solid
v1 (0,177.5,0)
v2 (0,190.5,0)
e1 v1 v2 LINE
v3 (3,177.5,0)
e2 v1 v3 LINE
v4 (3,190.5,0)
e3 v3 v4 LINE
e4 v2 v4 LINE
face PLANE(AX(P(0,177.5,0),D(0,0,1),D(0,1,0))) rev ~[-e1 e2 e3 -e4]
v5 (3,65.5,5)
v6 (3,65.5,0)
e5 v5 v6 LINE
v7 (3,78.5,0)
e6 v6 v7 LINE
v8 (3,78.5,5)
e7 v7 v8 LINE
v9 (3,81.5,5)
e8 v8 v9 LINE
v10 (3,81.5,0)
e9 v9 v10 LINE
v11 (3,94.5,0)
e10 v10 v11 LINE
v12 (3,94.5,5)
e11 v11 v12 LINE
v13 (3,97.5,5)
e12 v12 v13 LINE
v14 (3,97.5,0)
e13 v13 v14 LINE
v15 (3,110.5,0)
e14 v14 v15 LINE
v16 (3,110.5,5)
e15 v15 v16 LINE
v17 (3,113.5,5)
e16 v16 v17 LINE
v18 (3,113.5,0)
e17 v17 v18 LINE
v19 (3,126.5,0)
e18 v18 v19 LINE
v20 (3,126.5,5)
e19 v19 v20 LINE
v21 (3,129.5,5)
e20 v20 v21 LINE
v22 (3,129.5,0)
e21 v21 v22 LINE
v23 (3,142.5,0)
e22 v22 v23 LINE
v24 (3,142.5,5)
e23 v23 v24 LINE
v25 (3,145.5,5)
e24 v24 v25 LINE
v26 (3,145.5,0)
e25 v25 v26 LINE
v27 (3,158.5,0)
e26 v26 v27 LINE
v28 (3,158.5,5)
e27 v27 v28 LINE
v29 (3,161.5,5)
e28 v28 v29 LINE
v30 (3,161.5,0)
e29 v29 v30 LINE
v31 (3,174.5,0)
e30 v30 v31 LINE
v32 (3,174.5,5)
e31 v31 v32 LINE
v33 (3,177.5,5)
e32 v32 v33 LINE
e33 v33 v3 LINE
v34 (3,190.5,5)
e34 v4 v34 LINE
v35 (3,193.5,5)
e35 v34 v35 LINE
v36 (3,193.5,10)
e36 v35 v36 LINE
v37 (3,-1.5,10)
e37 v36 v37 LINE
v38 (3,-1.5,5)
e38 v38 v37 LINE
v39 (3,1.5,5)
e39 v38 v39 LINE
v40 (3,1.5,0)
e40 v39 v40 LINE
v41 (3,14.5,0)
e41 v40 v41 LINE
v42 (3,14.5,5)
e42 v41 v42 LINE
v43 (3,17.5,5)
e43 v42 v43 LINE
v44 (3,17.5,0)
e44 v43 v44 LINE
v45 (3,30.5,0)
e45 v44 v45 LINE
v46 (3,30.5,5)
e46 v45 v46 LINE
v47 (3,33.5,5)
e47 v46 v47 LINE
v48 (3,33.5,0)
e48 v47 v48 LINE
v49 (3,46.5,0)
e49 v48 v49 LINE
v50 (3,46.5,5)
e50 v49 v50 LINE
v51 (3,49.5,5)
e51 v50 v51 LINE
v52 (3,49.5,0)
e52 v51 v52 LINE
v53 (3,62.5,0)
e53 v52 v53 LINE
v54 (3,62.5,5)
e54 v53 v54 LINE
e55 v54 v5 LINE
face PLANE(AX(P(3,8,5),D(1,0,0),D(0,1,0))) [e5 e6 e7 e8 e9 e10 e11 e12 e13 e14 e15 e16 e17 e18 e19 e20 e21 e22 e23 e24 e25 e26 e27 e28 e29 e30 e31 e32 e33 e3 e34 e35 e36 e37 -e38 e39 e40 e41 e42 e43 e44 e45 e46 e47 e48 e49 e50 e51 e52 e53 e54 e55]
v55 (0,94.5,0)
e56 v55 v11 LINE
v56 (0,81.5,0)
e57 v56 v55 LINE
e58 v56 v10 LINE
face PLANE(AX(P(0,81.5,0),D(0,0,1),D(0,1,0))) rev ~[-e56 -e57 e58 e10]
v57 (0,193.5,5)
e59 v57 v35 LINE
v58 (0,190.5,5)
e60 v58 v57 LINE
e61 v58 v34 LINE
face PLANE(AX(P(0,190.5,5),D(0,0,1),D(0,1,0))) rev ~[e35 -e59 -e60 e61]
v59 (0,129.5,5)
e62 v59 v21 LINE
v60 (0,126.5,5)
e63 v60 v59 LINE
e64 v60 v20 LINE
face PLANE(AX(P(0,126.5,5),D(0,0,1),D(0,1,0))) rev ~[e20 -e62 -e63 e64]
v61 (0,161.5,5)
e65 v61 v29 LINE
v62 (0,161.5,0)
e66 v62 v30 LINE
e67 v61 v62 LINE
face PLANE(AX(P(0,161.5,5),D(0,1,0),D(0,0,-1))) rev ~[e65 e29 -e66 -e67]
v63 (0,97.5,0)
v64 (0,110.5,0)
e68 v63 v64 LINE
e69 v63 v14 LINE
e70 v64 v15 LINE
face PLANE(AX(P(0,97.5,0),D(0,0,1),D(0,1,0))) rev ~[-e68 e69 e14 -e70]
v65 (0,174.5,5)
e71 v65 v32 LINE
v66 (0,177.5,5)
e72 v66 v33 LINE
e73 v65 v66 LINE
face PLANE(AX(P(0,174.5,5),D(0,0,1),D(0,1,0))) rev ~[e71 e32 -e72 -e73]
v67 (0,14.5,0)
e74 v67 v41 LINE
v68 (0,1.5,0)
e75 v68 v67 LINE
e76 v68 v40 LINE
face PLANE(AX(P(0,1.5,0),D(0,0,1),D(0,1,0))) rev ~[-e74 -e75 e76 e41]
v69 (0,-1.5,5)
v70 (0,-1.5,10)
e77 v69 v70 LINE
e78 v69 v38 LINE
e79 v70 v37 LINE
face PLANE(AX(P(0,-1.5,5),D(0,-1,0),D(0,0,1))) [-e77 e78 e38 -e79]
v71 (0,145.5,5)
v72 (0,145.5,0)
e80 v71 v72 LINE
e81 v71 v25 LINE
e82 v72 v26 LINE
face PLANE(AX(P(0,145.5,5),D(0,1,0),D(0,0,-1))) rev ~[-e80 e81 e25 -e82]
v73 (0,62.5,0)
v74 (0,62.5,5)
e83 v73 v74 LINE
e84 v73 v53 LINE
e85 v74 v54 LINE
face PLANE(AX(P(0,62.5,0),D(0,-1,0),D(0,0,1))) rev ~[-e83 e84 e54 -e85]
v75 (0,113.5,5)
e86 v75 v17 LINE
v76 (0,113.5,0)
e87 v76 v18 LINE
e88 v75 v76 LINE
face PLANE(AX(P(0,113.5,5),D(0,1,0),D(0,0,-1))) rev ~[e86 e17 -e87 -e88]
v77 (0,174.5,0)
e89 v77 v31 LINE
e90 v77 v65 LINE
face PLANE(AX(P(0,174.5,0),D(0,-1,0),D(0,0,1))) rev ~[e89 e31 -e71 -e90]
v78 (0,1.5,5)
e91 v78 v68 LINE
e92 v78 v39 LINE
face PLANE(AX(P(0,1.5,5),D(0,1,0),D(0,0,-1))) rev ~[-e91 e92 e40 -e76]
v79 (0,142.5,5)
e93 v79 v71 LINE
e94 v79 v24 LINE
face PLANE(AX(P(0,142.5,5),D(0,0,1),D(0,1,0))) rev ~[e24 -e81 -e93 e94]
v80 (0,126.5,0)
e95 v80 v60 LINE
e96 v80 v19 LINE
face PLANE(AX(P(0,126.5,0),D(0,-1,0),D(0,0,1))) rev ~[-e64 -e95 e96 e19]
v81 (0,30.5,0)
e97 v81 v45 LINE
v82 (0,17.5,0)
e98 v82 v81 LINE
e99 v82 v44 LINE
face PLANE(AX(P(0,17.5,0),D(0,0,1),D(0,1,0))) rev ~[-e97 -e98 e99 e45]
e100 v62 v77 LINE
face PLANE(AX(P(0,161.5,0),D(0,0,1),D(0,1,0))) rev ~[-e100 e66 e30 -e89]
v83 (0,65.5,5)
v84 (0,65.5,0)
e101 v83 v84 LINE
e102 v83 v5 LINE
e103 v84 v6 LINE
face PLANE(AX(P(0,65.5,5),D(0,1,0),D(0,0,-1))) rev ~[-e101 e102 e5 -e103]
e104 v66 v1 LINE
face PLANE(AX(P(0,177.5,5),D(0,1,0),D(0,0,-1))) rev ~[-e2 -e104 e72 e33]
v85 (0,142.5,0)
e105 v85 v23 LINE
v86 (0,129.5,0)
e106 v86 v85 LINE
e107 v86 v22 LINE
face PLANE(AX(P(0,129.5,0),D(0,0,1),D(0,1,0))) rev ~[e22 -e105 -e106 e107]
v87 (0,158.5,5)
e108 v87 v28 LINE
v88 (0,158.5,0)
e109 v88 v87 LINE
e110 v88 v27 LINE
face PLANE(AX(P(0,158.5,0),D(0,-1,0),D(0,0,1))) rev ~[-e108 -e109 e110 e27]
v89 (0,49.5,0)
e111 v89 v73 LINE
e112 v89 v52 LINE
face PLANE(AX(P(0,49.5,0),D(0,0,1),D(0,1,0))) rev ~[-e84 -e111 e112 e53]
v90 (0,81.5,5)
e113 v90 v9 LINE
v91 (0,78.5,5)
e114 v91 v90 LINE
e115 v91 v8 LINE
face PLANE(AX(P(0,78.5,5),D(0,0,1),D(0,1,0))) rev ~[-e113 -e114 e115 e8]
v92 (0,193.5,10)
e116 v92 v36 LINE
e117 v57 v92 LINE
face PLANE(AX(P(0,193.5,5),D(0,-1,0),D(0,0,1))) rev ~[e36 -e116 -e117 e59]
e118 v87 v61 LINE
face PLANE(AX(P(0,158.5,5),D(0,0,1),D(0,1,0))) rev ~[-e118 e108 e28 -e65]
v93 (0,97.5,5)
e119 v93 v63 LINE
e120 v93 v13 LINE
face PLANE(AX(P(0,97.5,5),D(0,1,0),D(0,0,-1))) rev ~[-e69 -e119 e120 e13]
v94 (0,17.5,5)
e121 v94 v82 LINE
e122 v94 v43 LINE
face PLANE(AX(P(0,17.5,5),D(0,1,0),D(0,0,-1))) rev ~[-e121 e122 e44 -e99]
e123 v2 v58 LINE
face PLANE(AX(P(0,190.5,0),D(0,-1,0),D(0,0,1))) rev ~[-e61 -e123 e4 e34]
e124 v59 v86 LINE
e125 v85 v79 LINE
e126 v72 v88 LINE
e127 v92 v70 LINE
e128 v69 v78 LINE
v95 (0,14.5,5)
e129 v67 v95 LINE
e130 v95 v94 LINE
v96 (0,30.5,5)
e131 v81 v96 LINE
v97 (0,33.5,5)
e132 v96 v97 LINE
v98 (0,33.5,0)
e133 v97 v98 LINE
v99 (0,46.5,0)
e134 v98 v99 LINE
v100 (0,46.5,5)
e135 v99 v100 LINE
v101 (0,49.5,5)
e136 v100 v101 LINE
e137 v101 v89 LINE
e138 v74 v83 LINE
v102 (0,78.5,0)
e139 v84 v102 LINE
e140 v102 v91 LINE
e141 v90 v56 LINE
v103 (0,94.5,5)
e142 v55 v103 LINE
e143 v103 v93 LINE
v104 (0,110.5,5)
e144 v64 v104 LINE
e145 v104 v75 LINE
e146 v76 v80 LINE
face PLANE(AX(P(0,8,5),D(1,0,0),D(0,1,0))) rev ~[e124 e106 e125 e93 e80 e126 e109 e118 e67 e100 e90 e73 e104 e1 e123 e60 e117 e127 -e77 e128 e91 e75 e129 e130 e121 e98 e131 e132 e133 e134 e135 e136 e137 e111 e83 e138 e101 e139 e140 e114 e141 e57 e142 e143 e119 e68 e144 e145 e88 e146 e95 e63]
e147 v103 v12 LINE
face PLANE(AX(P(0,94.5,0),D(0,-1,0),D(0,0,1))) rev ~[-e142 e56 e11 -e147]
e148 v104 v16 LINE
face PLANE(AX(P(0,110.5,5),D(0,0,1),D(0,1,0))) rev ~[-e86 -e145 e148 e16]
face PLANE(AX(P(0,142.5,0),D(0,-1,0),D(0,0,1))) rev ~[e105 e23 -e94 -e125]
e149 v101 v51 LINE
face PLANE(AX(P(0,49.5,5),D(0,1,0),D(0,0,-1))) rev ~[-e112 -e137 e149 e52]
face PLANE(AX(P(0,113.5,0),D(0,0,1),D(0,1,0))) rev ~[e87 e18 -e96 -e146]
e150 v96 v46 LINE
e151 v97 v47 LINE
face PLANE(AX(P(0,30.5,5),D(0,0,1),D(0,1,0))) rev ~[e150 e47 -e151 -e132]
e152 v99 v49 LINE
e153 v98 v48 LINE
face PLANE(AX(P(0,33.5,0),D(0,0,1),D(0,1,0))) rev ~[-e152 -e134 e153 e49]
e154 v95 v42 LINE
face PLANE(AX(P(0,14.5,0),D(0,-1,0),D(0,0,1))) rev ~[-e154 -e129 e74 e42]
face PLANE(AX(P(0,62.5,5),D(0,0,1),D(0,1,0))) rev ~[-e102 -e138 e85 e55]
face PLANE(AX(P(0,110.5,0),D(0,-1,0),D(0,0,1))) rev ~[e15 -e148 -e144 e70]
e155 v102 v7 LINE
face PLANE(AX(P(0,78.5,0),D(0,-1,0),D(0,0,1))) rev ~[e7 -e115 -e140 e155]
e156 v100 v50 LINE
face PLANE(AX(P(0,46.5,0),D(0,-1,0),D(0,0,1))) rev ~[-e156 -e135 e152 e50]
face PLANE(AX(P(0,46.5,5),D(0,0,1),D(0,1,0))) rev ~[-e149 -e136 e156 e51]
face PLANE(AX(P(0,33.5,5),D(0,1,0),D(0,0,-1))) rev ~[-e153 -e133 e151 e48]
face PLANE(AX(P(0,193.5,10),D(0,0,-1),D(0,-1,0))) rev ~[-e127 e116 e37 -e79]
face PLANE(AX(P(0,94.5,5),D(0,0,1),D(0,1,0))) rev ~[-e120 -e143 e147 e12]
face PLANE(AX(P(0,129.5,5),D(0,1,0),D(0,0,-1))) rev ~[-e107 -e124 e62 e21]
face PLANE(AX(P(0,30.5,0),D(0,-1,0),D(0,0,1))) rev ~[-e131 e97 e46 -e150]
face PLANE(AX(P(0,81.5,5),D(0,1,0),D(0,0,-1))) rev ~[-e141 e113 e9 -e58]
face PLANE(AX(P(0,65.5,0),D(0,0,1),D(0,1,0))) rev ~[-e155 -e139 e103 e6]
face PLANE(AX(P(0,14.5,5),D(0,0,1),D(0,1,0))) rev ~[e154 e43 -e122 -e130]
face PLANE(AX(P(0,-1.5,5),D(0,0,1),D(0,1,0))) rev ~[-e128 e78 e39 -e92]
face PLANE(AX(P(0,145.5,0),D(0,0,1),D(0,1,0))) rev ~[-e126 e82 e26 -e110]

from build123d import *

# Parameters (mm, degrees)
F0_W     = 1.5
F0_H     = 5
F0_W_2   = 3
F1_DEPTH = 3


with BuildPart() as f1:
    # F0 (on Right) → F1 (new body)
    with BuildSketch(Plane.YZ):
        Polygon((1.5, 5), (1.5, 0), (11.5, 0), (14.5, 0), (14.5, 5), (14.5, 10), (11.5, 10), (1.5, 10), align=None)
        Polygon((17.5, 5), (17.5, 0), (20.5, 0), (30.5, 0), (30.5, 5), (30.5, 10), (20.5, 10), (17.5, 10), align=None)
        with Locations((0.75, 7.5)):
            Rectangle(F0_W, F0_H)
        with Locations((-0.75, 7.5)):
            Rectangle(F0_W, F0_H)
        with Locations((16, 7.5)):
            Rectangle(F0_W_2, F0_H)
        with Locations((32, 7.5)):
            Rectangle(F0_W_2, F0_H)
        with Locations((48, 7.5)):
            Rectangle(F0_W_2, F0_H)
        with Locations((64, 7.5)):
            Rectangle(F0_W_2, F0_H)
        with Locations((80, 7.5)):
            Rectangle(F0_W_2, F0_H)
        with Locations((95.25, 7.5)):
            Rectangle(F0_W, F0_H)
        with Locations((96.75, 7.5)):
            Rectangle(F0_W, F0_H)
        with Locations((112, 7.5)):
            Rectangle(F0_W_2, F0_H)
        with Locations((128, 7.5)):
            Rectangle(F0_W_2, F0_H)
        with Locations((144, 7.5)):
            Rectangle(F0_W_2, F0_H)
        with Locations((160, 7.5)):
            Rectangle(F0_W_2, F0_H)
        with Locations((176, 7.5)):
            Rectangle(F0_W_2, F0_H)
        with Locations((191.25, 7.5)):
            Rectangle(F0_W, F0_H)
        with Locations((192.75, 7.5)):
            Rectangle(F0_W, F0_H)
        Polygon((33.5, 5), (33.5, 0), (43.5, 0), (46.5, 0), (46.5, 5), (46.5, 10), (33.5, 10), align=None)
        Polygon((49.5, 5), (49.5, 0), (52.5, 0), (62.5, 0), (62.5, 5), (62.5, 10), (49.5, 10), align=None)
        Polygon((78.5, 10), (65.5, 10), (65.5, 5), (65.5, 0), (75.5, 0), (78.5, 0), (78.5, 5), align=None)
        Polygon((94.5, 10), (81.5, 10), (81.5, 5), (81.5, 0), (84.5, 0), (94.5, 0), (94.5, 5), align=None)
        Polygon((110.5, 10), (97.5, 10), (97.5, 5), (97.5, 0), (107.5, 0), (110.5, 0), (110.5, 5), align=None)
        Polygon((126.5, 10), (113.5, 10), (113.5, 5), (113.5, 0), (116.5, 0), (126.5, 0), (126.5, 5), align=None)
        Polygon((142.5, 10), (129.5, 10), (129.5, 5), (129.5, 0), (139.5, 0), (142.5, 0), (142.5, 5), align=None)
        Polygon((158.5, 10), (145.5, 10), (145.5, 5), (145.5, 0), (148.5, 0), (158.5, 0), (158.5, 5), align=None)
        Polygon((171.5, 10), (161.5, 10), (161.5, 5), (161.5, 0), (171.5, 0), (174.5, 0), (174.5, 5), (174.5, 10), align=None)
        Polygon((180.5, 10), (177.5, 10), (177.5, 5), (177.5, 0), (180.5, 0), (190.5, 0), (190.5, 5), (190.5, 10), align=None)
    extrude(amount=F1_DEPTH)


solid = f1.part
